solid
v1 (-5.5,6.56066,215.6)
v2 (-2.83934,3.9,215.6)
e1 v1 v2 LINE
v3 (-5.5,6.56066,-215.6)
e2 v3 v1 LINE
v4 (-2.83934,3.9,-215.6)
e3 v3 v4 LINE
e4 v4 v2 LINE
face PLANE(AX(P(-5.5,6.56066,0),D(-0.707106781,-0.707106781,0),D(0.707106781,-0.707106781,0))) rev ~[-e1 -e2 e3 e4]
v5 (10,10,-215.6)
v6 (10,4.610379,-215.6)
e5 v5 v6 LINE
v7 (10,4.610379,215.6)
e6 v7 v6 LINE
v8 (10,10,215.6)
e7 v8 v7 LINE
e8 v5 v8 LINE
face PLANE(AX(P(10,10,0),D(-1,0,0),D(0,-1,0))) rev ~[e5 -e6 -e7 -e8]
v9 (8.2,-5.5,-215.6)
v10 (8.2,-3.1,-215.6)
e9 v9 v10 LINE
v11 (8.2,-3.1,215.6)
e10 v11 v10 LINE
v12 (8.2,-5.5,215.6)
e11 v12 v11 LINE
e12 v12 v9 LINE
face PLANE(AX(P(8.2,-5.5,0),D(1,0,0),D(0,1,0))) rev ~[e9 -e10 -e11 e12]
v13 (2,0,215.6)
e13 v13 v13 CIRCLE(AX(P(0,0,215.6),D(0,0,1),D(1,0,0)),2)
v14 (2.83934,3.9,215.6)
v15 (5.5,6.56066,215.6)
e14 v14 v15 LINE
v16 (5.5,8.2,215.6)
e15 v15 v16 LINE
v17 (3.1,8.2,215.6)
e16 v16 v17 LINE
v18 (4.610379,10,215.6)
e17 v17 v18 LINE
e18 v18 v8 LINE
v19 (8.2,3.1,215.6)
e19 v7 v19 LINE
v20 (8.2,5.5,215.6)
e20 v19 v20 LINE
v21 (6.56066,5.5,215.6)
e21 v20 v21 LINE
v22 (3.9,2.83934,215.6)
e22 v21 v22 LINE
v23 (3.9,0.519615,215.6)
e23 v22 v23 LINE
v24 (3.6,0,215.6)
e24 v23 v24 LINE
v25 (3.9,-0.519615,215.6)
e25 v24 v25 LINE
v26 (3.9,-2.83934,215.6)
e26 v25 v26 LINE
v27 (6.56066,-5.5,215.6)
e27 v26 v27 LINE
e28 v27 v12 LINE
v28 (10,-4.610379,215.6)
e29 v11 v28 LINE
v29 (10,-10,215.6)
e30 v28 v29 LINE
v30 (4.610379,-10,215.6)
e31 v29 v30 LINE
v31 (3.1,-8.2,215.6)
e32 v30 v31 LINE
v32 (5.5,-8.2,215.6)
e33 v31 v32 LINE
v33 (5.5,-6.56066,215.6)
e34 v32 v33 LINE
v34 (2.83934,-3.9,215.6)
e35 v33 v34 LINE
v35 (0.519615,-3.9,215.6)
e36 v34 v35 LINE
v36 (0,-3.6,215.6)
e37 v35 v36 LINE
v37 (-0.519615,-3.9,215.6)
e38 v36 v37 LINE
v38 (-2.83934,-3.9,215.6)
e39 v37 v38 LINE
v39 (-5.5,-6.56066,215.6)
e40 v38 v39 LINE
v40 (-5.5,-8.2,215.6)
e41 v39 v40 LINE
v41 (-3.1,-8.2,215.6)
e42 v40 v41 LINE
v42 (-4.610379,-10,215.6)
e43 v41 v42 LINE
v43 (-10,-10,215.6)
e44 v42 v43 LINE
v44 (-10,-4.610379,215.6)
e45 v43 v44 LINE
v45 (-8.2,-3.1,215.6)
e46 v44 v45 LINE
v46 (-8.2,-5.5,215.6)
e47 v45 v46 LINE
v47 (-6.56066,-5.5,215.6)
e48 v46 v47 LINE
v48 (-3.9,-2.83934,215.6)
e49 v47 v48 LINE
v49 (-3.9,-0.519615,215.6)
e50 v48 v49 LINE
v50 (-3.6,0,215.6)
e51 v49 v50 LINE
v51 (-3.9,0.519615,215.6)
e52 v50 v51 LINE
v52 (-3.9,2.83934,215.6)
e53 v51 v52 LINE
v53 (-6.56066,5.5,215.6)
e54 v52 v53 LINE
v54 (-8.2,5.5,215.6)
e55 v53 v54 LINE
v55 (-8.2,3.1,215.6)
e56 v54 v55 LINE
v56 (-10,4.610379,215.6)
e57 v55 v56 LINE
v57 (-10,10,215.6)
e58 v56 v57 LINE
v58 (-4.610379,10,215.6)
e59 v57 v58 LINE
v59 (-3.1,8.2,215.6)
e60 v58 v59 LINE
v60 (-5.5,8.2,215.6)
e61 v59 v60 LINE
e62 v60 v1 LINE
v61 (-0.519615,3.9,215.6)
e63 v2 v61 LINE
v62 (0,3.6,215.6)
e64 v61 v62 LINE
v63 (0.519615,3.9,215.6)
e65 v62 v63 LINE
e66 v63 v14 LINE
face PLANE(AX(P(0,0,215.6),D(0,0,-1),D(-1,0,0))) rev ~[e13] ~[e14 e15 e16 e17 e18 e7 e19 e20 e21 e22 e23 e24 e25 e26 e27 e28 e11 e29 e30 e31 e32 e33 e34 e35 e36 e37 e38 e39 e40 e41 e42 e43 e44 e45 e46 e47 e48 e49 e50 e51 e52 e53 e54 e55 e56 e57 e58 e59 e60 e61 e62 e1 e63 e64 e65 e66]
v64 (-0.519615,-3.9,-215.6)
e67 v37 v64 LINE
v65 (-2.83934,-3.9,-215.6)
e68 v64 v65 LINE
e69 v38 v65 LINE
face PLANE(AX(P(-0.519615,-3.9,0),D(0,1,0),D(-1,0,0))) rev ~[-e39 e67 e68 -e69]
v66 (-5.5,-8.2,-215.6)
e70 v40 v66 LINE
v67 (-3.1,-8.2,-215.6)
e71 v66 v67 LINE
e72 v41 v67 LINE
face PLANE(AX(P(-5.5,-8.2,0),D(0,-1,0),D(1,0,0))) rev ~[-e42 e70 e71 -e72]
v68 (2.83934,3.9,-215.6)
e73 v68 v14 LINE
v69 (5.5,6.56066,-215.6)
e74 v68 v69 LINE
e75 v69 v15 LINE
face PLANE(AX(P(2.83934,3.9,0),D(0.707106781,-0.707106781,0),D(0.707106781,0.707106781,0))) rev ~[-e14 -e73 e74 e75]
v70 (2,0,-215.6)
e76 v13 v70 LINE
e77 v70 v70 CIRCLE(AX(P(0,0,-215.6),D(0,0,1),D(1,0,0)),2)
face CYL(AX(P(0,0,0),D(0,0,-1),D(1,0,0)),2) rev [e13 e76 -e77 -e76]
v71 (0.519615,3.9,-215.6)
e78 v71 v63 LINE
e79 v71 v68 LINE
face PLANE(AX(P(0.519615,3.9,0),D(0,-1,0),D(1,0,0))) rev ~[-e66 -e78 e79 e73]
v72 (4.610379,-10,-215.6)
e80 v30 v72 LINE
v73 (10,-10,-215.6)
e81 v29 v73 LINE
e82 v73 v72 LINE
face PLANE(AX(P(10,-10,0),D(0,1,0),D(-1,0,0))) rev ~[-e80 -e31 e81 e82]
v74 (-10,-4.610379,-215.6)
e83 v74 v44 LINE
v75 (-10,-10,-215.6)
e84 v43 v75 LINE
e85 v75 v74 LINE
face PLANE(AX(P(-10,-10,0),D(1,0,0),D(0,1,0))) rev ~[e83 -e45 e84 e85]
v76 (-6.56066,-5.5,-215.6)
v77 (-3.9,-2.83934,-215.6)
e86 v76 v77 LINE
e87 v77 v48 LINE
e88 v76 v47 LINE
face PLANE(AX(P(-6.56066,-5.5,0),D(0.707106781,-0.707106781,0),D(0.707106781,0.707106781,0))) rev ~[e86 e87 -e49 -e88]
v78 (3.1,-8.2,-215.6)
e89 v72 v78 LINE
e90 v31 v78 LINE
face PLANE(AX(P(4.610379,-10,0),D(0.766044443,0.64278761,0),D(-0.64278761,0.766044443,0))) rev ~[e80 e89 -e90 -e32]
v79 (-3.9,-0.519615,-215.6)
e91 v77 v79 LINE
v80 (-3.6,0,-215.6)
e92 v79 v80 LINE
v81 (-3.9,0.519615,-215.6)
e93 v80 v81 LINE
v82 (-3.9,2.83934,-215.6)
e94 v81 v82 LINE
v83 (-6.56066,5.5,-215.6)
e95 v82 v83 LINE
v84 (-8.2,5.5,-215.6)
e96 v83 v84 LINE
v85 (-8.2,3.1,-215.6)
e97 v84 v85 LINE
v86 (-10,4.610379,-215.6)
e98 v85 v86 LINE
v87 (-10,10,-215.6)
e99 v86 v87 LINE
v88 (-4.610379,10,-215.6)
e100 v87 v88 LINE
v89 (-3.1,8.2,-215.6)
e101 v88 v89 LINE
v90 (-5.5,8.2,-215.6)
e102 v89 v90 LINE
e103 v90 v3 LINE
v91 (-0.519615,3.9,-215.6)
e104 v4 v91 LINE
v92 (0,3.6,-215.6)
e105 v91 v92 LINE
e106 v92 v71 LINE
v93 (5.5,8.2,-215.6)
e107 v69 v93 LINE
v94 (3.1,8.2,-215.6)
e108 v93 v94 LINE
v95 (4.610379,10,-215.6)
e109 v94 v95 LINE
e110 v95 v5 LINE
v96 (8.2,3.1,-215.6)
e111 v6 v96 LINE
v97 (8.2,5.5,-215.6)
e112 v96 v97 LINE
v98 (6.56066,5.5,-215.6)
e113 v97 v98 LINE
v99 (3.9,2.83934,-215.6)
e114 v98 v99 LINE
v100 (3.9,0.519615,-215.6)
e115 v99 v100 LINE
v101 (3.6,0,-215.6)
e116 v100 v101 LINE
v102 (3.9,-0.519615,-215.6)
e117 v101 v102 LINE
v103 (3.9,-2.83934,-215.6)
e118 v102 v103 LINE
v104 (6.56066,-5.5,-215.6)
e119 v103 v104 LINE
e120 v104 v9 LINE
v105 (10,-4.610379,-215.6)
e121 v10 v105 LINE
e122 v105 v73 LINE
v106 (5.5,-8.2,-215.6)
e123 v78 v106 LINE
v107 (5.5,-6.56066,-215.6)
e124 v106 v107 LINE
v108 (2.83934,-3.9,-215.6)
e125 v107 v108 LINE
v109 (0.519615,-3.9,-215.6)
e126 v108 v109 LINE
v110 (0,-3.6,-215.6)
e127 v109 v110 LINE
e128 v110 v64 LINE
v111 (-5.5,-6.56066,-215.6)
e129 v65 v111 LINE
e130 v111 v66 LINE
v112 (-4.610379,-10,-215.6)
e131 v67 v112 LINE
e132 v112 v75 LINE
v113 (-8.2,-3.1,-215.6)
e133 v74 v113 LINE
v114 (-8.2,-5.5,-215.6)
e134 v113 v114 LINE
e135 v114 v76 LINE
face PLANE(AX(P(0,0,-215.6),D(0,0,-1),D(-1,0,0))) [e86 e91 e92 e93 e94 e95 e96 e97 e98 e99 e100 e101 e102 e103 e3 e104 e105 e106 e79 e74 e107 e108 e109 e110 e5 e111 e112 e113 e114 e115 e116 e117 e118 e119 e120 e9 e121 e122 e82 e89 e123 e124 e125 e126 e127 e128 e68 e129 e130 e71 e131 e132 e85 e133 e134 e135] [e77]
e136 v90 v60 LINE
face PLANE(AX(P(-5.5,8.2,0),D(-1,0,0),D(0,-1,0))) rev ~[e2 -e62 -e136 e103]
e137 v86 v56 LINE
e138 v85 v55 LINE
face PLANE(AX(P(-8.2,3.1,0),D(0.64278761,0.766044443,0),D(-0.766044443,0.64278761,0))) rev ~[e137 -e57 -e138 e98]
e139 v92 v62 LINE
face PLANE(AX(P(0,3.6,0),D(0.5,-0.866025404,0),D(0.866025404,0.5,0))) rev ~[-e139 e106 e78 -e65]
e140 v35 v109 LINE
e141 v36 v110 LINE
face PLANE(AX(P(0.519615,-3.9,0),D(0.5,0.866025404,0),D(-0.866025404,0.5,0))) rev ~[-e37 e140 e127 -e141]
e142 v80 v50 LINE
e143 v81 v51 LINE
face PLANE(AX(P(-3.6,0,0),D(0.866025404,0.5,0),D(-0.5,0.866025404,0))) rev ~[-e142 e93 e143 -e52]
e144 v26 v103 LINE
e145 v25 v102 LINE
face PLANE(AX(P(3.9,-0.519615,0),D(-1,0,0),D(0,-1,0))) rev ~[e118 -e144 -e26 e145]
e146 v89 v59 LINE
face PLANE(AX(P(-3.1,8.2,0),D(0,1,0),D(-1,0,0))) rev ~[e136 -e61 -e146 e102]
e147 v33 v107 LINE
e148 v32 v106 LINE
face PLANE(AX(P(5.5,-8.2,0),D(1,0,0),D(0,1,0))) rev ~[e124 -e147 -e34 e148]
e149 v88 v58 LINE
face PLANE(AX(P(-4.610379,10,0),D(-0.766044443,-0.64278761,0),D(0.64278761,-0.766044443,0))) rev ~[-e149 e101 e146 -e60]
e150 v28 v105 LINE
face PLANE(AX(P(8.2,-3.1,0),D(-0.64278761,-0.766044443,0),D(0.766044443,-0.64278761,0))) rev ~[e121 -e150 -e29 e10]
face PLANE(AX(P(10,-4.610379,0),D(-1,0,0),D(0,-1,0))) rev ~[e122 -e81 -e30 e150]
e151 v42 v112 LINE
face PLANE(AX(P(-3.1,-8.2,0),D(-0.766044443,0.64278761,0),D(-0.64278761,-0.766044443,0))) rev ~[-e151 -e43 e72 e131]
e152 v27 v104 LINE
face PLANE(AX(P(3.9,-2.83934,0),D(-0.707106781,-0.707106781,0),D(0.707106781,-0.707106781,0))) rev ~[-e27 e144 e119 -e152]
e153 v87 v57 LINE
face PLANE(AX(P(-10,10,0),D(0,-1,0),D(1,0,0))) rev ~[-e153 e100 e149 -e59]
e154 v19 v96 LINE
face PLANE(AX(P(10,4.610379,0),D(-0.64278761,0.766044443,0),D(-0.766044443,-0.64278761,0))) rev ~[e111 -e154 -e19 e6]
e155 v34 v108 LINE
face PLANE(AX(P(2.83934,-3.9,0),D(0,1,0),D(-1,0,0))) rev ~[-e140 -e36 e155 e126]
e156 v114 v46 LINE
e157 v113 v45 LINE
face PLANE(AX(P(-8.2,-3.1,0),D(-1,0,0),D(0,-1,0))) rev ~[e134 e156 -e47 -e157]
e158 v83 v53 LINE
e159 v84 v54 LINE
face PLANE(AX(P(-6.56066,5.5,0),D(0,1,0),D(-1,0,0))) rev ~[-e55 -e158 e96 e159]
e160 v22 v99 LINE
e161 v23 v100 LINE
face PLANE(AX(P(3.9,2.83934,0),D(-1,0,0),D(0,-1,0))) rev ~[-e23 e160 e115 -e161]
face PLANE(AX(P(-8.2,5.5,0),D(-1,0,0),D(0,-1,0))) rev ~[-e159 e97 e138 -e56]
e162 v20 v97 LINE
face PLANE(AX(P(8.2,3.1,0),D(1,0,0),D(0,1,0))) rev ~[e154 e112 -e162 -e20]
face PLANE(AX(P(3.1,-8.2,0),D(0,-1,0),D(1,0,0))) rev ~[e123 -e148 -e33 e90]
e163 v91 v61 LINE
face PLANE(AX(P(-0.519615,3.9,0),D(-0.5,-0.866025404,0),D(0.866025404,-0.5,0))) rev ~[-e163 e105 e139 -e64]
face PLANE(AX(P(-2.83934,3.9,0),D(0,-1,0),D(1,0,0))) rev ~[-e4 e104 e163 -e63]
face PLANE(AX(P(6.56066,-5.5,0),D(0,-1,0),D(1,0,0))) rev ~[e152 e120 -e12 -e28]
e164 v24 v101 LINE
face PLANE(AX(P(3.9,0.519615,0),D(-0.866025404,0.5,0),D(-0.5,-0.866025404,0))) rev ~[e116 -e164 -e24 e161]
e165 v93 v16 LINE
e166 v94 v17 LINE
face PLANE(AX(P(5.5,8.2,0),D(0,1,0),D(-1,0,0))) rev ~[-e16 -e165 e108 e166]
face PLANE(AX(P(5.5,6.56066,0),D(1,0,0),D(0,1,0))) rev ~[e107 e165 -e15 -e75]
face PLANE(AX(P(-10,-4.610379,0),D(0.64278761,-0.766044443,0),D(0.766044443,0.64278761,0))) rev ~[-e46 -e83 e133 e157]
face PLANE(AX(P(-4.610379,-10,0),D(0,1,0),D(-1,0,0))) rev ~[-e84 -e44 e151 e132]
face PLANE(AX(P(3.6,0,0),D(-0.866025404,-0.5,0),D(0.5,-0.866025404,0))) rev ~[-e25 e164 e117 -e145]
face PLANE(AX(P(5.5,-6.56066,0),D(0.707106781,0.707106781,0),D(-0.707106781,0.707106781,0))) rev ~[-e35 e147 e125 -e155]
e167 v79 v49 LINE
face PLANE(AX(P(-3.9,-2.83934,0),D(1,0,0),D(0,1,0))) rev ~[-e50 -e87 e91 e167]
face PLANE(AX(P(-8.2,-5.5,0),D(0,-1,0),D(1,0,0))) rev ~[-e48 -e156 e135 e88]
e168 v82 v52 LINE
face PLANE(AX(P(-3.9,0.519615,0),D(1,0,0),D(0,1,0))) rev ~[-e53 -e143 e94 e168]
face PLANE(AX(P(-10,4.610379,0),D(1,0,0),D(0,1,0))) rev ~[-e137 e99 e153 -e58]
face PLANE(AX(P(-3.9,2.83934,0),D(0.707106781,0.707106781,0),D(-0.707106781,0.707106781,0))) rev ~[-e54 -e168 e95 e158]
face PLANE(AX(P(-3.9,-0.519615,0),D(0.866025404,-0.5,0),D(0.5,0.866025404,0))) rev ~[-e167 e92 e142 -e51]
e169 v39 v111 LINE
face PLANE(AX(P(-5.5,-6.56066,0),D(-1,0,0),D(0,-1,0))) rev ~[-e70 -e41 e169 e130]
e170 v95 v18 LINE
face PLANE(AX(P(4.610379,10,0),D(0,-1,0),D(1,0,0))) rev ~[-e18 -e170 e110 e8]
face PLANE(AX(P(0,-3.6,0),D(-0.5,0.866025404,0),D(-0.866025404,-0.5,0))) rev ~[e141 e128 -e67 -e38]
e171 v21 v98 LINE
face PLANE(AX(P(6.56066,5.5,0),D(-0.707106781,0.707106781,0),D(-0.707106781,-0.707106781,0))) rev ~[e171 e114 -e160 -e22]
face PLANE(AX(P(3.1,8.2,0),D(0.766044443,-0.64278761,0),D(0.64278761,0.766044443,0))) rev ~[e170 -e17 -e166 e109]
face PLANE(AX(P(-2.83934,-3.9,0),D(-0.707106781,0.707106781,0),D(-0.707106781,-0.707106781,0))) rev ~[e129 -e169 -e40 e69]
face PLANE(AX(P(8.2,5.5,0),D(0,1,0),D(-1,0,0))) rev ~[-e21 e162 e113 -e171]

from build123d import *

# Parameters (mm, degrees)
SKETCH1_R           = 2
BOSS_EXTRUDE1_DEPTH = 215.6


with BuildPart() as part:
    # Sketch1 → Boss-Extrude1 (new body, symmetric)
    with BuildSketch(Plane.XY):
        Polygon((10, 10), (10, 4.610379336), (8.2, 3.1), (8.2, 5.5), (6.560660172, 5.5), (3.9, 2.839339828), (3.9, 0.519615242), (3.6, 0), (3.9, -0.519615242), (3.9, -2.839339828), (6.560660172, -5.5), (8.2, -5.5), (8.2, -3.1), (10, -4.610379336), (10, -10), (4.610379336, -10), (3.1, -8.2), (5.5, -8.2), (5.5, -6.560660172), (2.839339828, -3.9), (0.519615242, -3.9), (0, -3.6), (-0.519615242, -3.9), (-2.839339828, -3.9), (-5.5, -6.560660172), (-5.5, -8.2), (-3.1, -8.2), (-4.610379336, -10), (-10, -10), (-10, -4.610379336), (-8.2, -3.1), (-8.2, -5.5), (-6.560660172, -5.5), (-3.9, -2.839339828), (-3.9, -0.519615242), (-3.6, 0), (-3.9, 0.519615242), (-3.9, 2.839339828), (-6.560660172, 5.5), (-8.2, 5.5), (-8.2, 3.1), (-10, 4.610379336), (-10, 10), (-4.610379336, 10), (-3.1, 8.2), (-5.5, 8.2), (-5.5, 6.560660172), (-2.839339828, 3.9), (-0.519615242, 3.9), (0, 3.6), (0.519615242, 3.9), (2.839339828, 3.9), (5.5, 6.560660172), (5.5, 8.2), (3.1, 8.2), (4.610379336, 10), align=None)
        Circle(SKETCH1_R, mode=Mode.SUBTRACT)
    extrude(amount=BOSS_EXTRUDE1_DEPTH, both=True)


solid = part.part
